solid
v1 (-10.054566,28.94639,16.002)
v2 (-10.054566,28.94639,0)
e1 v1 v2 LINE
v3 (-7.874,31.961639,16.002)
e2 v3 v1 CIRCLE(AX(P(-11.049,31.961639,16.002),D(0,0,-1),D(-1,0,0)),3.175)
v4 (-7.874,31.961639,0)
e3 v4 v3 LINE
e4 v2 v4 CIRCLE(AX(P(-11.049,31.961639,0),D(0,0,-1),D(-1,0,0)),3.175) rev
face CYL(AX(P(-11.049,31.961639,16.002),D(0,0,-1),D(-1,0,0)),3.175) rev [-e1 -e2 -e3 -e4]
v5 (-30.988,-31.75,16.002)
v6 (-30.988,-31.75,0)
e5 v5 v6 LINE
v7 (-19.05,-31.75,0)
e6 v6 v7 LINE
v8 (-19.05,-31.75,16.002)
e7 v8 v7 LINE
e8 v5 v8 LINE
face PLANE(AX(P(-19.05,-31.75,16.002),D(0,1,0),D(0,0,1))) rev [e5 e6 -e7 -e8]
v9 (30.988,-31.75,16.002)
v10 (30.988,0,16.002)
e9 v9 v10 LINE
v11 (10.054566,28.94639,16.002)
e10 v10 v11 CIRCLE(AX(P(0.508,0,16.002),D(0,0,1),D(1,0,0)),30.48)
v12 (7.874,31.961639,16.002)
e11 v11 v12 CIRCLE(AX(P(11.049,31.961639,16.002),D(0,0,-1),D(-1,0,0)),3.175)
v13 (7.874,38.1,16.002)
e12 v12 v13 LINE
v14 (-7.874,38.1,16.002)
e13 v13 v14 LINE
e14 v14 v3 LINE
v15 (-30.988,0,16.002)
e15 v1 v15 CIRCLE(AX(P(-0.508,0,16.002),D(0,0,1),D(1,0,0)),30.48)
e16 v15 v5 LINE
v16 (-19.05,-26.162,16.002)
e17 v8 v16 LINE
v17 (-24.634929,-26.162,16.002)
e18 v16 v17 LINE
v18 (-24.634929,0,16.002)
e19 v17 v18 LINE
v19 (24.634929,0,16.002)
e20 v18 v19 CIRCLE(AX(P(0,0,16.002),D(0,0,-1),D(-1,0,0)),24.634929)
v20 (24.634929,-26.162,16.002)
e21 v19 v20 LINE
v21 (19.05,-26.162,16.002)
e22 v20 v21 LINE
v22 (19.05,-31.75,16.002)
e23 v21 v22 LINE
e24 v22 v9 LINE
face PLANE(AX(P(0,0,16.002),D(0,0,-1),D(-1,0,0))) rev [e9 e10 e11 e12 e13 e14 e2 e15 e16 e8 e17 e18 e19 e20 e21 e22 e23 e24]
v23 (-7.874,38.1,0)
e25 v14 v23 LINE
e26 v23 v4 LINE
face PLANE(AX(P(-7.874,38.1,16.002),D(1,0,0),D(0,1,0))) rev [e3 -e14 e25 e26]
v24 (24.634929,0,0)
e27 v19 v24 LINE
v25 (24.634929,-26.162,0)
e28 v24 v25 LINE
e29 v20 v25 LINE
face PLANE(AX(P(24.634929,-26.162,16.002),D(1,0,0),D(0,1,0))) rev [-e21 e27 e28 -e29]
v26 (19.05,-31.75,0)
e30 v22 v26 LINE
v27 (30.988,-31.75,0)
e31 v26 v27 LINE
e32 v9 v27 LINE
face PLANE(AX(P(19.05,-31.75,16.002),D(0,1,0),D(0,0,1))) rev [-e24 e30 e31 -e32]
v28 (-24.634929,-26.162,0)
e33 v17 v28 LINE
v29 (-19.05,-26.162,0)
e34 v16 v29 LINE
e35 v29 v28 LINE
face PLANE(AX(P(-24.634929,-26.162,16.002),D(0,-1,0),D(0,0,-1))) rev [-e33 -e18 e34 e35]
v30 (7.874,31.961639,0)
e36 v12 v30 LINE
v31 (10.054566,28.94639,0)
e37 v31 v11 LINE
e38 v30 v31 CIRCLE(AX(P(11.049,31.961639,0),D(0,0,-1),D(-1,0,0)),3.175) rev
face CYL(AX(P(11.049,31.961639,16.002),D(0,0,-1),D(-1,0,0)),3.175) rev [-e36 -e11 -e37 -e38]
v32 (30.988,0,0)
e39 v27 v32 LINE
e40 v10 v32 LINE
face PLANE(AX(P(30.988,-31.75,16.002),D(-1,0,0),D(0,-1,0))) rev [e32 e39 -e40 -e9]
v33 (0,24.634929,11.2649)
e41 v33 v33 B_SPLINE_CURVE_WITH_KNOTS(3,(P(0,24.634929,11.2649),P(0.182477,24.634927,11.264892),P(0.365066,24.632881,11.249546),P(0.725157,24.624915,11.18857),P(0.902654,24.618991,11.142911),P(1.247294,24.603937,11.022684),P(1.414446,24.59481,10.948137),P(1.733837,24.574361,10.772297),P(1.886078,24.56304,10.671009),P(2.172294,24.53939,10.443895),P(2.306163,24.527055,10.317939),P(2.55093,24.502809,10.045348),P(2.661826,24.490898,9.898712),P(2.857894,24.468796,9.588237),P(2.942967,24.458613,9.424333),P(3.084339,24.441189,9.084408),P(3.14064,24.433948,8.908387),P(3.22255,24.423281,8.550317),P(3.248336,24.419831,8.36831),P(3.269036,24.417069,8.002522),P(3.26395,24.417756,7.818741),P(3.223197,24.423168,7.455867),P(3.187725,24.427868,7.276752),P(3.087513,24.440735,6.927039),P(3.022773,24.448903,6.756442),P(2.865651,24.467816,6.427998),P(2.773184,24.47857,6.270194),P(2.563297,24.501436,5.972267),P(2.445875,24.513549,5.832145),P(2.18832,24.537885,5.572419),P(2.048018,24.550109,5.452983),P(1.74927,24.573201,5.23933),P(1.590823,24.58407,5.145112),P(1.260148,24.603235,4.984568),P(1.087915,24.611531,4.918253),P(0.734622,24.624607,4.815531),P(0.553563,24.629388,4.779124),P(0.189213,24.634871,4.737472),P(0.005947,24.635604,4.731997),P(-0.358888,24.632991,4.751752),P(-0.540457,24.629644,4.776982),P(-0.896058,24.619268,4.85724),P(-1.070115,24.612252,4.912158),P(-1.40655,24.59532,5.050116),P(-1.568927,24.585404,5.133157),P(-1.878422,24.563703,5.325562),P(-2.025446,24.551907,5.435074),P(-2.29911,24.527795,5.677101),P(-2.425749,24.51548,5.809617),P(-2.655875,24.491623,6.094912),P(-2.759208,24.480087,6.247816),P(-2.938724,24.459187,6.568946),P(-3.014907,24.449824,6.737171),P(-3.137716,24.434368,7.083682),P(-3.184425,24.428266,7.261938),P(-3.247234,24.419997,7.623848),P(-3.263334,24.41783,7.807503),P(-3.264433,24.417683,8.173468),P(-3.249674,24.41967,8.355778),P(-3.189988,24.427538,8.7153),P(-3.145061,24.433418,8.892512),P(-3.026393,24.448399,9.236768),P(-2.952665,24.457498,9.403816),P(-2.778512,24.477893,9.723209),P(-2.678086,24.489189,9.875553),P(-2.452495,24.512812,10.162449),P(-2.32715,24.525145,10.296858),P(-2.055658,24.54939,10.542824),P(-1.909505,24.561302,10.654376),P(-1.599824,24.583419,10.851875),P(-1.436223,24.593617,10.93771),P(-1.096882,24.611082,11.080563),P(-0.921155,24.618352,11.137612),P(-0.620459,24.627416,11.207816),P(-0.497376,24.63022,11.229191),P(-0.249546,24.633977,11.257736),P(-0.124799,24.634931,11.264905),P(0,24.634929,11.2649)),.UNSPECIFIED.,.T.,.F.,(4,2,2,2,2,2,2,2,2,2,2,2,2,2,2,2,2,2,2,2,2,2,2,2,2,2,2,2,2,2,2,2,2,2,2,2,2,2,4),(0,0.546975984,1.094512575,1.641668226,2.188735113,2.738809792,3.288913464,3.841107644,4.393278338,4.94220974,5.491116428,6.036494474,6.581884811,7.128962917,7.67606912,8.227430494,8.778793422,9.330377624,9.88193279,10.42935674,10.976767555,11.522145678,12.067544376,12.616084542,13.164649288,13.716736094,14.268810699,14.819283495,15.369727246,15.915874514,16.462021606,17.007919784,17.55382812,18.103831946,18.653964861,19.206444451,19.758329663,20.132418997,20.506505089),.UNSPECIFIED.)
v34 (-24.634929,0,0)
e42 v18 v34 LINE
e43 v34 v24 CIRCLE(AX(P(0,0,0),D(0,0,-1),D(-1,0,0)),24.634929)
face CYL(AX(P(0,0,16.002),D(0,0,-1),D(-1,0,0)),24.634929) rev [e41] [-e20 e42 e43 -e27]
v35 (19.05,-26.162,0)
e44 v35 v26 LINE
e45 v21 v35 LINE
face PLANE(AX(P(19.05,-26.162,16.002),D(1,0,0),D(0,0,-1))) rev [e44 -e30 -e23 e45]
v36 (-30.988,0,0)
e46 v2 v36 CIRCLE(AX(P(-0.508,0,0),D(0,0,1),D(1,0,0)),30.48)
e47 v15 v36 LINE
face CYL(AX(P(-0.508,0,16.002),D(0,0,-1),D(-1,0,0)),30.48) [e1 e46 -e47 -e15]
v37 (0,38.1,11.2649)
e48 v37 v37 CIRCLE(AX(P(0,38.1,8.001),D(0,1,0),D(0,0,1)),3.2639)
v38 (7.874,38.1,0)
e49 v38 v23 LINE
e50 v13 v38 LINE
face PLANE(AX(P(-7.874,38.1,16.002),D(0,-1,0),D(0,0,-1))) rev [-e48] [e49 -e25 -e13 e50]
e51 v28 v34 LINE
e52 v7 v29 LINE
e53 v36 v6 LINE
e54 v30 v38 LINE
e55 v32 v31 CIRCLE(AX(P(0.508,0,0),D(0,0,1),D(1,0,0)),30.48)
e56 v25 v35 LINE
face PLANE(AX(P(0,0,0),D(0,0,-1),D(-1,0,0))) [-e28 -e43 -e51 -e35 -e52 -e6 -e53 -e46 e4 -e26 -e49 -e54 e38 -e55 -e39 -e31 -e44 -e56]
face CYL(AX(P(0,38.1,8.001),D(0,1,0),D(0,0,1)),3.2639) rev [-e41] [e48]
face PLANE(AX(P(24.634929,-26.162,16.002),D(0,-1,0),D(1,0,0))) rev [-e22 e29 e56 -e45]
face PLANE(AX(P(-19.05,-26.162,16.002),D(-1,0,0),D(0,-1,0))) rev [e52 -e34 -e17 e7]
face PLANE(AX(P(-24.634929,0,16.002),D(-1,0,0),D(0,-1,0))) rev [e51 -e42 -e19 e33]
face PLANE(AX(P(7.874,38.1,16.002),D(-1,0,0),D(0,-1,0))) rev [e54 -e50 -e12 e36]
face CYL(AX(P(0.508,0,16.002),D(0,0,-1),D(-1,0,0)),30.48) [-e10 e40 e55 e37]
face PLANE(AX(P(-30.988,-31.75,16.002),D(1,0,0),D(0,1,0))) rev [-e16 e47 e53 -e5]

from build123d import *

# Parameters (mm, degrees)
BOSS_EXTRUDE1_DEPTH      = 16.002
FILLET1_R                = 3.175
F_5_16_18_TAPPED_HOLE1_D = 6.5278


with BuildPart() as part:
    # Sketch2 → Boss-Extrude1 (new body)
    with BuildSketch(Plane.XY):
        with BuildLine():
            Line((-24.634929355, 0), (-24.634929355, -26.162))
            Line((-24.634929355, -26.162), (-19.05, -26.162))
            Line((-19.05, -26.162), (-19.05, -31.75))
            Line((-19.05, -31.75), (-30.988, -31.75))
            Line((-30.988, -31.75), (-30.988, 0))
            ThreePointArc((-30.988, 0), (-24.5240996, 18.768520453), (-7.874, 29.576552267))
            Line((-7.874, 29.576552267), (-7.874, 38.1))
            Line((-7.874, 38.1), (7.874, 38.1))
            Line((7.874, 38.1), (7.874, 29.576552267))
            ThreePointArc((7.874, 29.576552267), (24.5240996, 18.768520453), (30.988, 0))
            Line((30.988, 0), (30.988, -31.75))
            Line((30.988, -31.75), (19.05, -31.75))
            Line((19.05, -31.75), (19.05, -26.162))
            Line((19.05, -26.162), (24.634929355, -26.162))
            Line((24.634929355, -26.162), (24.634929355, 0))
            ThreePointArc((24.634929355, 0), (0, 24.634929355), (-24.634929355, 0))
        make_face()
    extrude(amount=BOSS_EXTRUDE1_DEPTH)

    # Fillet1
    fillet1_edges = [part.edges().sort_by_distance(p)[0] for p in [
        (-7.874, 29.576552267, 8.001),
        (7.874, 29.576552267, 8.001),
    ]]
    fillet(fillet1_edges, radius=FILLET1_R)

    # 5/16-18 Tapped Hole1 (through all)
    with Locations(Plane(origin=(0, 38.1, 0), x_dir=(1, 0, 0), z_dir=(0, 1, 0))):
        with Locations((0, -8.001)):
            Hole(F_5_16_18_TAPPED_HOLE1_D / 2)


solid = part.part
